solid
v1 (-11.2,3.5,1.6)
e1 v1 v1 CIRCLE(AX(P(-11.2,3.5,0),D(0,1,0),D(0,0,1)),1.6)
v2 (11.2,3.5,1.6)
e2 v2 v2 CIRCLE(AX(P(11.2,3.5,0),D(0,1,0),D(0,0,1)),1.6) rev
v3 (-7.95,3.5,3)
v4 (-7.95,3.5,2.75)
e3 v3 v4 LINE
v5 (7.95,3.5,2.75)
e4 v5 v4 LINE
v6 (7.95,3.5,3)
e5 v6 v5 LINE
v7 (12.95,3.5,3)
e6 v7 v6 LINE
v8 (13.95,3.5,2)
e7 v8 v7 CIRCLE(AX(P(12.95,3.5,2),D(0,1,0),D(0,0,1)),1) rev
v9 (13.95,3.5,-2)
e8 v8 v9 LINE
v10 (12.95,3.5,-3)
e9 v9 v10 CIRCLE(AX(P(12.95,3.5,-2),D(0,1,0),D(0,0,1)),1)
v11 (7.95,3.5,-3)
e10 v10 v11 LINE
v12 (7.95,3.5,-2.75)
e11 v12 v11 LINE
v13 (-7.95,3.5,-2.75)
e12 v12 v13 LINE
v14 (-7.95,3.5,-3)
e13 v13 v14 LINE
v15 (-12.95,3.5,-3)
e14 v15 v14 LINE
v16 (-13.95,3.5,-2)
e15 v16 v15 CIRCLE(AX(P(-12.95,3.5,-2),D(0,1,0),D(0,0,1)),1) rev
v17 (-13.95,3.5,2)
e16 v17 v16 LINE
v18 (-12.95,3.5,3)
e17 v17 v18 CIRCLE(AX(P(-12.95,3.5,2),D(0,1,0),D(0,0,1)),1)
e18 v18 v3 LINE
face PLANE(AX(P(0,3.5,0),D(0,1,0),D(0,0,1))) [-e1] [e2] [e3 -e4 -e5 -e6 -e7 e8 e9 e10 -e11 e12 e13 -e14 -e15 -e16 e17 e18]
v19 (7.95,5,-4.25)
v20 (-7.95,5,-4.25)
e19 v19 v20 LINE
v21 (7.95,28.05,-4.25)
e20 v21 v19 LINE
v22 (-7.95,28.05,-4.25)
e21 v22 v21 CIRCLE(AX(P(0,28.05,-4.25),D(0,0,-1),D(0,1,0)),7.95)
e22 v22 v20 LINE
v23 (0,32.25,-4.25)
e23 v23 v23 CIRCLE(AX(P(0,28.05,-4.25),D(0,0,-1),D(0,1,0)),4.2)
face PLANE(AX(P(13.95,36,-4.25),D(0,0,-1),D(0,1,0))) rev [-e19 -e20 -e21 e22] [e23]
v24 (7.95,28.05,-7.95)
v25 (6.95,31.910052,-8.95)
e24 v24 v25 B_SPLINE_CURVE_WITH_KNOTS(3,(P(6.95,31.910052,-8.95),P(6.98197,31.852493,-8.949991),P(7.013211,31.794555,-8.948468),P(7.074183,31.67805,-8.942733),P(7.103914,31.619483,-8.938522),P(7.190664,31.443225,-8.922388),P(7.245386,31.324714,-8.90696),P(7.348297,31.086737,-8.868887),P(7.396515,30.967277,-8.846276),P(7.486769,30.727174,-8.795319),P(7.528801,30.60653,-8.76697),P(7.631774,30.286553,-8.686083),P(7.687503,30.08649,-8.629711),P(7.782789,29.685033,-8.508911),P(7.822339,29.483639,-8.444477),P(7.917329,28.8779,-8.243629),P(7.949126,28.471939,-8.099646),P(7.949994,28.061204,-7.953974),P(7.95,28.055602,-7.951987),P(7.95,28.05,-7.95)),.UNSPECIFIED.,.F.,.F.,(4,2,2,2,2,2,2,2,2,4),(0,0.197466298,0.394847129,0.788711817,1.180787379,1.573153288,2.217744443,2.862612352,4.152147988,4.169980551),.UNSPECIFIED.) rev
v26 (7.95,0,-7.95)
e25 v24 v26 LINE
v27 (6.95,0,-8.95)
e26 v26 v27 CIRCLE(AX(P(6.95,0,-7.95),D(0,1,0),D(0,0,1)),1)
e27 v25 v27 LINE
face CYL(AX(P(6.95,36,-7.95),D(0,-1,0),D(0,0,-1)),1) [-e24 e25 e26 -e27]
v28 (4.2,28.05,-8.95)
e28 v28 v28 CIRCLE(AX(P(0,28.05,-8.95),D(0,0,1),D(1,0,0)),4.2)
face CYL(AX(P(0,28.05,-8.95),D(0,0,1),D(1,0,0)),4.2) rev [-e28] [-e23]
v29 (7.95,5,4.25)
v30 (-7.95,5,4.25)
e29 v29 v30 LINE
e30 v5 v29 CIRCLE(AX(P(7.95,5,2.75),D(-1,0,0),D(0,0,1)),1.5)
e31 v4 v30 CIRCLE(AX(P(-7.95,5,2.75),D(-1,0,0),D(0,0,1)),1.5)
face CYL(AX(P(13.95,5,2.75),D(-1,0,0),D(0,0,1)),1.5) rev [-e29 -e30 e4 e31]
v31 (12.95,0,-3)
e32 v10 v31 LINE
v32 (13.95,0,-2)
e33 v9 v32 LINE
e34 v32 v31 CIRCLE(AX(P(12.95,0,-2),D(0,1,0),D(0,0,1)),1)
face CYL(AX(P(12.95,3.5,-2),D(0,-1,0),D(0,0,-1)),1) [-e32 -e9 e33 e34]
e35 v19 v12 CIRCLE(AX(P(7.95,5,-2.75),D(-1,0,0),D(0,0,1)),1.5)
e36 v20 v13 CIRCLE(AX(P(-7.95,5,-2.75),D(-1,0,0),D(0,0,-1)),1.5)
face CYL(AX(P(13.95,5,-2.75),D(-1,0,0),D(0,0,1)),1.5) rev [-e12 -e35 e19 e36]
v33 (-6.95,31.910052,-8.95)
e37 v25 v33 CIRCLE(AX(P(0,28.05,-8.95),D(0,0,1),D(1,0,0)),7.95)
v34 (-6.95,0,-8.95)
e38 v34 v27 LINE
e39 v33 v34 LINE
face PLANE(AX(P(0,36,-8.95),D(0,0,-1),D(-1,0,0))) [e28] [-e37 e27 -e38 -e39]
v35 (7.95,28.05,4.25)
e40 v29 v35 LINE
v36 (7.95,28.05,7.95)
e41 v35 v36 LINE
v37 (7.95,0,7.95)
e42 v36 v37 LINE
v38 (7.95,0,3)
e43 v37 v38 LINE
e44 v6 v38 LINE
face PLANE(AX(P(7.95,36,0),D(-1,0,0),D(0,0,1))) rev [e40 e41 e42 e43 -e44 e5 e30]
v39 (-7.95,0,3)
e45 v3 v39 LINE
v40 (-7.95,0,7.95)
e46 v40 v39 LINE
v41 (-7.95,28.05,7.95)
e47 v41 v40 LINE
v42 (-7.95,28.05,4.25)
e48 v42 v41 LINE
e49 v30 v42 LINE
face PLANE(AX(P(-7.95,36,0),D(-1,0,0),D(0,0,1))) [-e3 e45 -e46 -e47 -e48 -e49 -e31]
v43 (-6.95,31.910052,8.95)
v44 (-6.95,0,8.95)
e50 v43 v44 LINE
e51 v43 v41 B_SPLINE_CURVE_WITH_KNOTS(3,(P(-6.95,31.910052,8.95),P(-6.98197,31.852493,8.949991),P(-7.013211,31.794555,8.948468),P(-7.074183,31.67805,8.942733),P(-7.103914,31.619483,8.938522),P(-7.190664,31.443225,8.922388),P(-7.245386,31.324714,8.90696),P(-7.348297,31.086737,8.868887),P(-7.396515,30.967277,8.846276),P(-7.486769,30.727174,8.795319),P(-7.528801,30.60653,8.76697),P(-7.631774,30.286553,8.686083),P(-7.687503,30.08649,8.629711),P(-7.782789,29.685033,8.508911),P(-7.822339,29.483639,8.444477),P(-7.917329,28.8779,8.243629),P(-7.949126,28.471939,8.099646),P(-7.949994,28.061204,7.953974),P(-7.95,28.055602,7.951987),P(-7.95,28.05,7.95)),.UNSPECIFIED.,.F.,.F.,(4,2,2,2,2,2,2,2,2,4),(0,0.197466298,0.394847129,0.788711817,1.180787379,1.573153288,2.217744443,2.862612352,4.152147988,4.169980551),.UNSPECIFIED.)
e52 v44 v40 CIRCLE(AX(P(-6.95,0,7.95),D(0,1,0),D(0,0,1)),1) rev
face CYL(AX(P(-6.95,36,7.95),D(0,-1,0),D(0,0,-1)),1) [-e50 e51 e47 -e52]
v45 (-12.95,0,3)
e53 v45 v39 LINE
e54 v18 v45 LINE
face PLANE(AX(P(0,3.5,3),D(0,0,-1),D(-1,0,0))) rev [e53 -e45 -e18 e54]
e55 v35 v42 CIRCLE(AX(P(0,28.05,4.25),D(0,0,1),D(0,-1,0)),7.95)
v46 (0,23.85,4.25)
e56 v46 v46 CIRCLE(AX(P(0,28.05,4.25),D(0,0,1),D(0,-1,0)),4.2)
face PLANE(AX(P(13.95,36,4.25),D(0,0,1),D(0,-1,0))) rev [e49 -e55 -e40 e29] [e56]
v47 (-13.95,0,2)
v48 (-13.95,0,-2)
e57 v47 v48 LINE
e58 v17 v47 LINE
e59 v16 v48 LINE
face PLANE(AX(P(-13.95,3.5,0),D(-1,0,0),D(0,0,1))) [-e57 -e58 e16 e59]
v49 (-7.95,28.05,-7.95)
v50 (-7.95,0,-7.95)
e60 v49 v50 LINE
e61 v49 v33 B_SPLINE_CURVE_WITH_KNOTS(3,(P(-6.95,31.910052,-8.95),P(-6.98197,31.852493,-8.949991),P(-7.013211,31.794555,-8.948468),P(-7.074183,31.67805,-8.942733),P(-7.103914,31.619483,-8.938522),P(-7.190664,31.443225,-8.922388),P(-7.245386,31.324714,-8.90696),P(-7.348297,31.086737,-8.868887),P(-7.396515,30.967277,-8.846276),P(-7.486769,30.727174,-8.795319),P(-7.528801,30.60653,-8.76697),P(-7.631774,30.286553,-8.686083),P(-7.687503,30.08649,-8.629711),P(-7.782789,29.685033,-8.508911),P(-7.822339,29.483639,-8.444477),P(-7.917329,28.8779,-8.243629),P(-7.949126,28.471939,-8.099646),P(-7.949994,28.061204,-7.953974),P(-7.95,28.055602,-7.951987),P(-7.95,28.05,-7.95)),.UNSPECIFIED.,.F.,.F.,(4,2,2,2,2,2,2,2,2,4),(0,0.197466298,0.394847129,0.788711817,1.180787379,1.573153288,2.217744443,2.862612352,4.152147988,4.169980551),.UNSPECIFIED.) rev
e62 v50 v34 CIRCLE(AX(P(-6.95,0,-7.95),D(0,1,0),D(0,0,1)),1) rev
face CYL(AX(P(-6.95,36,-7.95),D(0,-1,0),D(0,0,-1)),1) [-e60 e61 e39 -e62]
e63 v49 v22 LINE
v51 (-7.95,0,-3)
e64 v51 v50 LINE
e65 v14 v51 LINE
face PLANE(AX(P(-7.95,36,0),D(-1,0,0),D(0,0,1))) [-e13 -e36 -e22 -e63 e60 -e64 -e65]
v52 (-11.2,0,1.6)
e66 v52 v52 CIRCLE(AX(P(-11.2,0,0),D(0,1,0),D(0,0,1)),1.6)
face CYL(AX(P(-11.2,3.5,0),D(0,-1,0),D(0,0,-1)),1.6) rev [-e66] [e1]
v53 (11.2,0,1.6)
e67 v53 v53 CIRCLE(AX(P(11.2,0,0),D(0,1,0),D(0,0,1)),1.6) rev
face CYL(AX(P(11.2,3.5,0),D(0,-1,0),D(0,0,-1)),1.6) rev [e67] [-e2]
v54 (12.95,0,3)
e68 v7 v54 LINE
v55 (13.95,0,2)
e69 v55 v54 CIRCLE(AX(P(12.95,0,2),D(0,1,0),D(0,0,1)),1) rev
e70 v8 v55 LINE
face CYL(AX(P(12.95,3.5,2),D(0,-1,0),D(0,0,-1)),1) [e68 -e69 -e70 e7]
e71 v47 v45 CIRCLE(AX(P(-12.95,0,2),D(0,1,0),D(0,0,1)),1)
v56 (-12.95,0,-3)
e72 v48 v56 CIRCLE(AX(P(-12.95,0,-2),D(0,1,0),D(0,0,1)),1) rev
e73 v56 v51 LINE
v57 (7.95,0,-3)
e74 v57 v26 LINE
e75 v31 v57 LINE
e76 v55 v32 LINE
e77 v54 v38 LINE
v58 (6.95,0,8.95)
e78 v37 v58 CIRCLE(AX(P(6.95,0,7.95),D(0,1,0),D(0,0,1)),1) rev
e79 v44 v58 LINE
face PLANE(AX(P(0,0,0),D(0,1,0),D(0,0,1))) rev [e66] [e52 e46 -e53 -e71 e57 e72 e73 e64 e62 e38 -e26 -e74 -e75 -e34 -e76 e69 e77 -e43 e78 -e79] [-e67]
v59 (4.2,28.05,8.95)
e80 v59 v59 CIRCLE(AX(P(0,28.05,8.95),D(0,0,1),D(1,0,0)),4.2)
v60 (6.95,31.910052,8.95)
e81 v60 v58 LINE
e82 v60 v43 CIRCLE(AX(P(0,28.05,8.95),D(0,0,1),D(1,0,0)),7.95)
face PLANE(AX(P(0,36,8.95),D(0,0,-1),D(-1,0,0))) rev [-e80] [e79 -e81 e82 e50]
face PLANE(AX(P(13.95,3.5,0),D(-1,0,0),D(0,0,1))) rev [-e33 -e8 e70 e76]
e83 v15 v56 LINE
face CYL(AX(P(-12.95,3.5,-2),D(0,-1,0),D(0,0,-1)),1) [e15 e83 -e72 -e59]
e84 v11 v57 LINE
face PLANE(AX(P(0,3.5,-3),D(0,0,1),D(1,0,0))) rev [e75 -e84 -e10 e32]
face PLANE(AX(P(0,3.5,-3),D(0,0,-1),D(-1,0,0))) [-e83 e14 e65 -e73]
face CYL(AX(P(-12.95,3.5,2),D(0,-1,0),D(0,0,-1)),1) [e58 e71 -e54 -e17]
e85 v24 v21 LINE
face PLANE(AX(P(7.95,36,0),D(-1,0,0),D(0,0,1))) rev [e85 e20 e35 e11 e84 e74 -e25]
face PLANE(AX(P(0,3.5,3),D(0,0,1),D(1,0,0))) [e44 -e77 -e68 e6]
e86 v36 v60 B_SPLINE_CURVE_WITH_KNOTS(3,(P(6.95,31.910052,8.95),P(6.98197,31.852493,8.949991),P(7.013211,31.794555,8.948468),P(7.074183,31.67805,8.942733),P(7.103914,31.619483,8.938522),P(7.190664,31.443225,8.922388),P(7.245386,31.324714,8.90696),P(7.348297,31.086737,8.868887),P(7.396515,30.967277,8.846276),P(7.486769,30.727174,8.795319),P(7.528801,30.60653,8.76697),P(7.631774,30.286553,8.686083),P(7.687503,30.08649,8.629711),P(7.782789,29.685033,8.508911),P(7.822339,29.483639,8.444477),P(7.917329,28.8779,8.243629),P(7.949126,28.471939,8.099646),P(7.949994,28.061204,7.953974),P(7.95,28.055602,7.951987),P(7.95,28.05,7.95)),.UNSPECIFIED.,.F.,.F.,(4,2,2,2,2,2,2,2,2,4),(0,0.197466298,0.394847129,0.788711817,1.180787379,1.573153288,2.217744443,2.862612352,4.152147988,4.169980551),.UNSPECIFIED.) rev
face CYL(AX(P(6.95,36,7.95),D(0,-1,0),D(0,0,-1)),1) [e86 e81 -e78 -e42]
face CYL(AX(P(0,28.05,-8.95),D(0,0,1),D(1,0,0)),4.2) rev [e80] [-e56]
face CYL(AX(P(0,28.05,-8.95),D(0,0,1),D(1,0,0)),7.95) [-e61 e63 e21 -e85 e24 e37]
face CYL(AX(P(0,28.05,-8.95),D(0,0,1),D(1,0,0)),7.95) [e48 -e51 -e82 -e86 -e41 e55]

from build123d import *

# Parameters (mm, degrees)
HOLES1_R           = 1.6
HOLES_DEPTH        = 3.5
HOLES_2_DEPTH      = 3.5
BOSS_EXTRUDE_DEPTH = 36
CUT_EXTRUDE1_DEPTH = 44.077981615
HOLE2_R            = 4.2
CUT_EXTRUDE2_DEPTH = 43.555992527


with BuildPart() as part:
    # Holes1 → Holes (new body)
    with BuildSketch(Plane(origin=(0, 0, 0), x_dir=(1, 0, 0), z_dir=(0, 1, 0))):
        with BuildLine():
            Line((-12.95, -3), (-7.95, -3))
            Line((-7.95, -3), (-7.95, 3))
            Line((-7.95, 3), (-12.95, 3))
            ThreePointArc((-12.95, 3), (-13.657106781, 2.707106781), (-13.95, 2))
            Line((-13.95, 2), (-13.95, -2))
            ThreePointArc((-13.95, -2), (-13.657106781, -2.707106781), (-12.95, -3))
        make_face()
        with Locations((-11.2, 0)):
            Circle(HOLES1_R, mode=Mode.SUBTRACT)
    extrude(amount=HOLES_DEPTH)



with BuildPart() as body_2:
    # Holes1 → Holes 2 (new body)
    with BuildSketch(Plane(origin=(0, 0, 0), x_dir=(1, 0, 0), z_dir=(0, 1, 0))):
        with BuildLine():
            Line((7.95, 3), (7.95, -3))
            Line((7.95, -3), (12.95, -3))
            ThreePointArc((12.95, -3), (13.657106781, -2.707106781), (13.95, -2))
            Line((13.95, -2), (13.95, 2))
            ThreePointArc((13.95, 2), (13.657106781, 2.707106781), (12.95, 3))
            Line((12.95, 3), (7.95, 3))
        make_face()
        with Locations((11.2, 0)):
            Circle(HOLES1_R, mode=Mode.SUBTRACT)
    extrude(amount=HOLES_2_DEPTH)


with BuildPart() as part_1:
    add(part.part)

    add(body_2.part)  # Boss-Extrude merges body 2
    # Sketch<3> → Boss-Extrude (add)
    with BuildSketch(Plane(origin=(0, 0, 0), x_dir=(1, 0, 0), z_dir=(0, 1, 0))):
        with BuildLine():
            Line((6.95, 8.95), (-6.95, 8.95))
            ThreePointArc((-6.95, 8.95), (-7.657106781, 8.657106781), (-7.95, 7.95))
            Line((-7.95, 7.95), (-7.95, -7.95))
            ThreePointArc((-7.95, -7.95), (-7.657106781, -8.657106781), (-6.95, -8.95))
            Line((-6.95, -8.95), (6.95, -8.95))
            ThreePointArc((6.95, -8.95), (7.657106781, -8.657106781), (7.95, -7.95))
            Line((7.95, -7.95), (7.95, 7.95))
            ThreePointArc((7.95, 7.95), (7.657106781, 8.657106781), (6.95, 8.95))
        make_face()
    extrude(amount=BOSS_EXTRUDE_DEPTH)

    # CUT → Cut-Extrude1 (cut, through all)
    with BuildSketch(Plane.ZY.offset(7.95)):
        with BuildLine():
            Line((-4.25, 36), (4.25, 36))
            Line((4.25, 36), (4.25, 5))
            ThreePointArc((4.25, 5), (3.810660172, 3.939339828), (2.75, 3.5))
            Line((2.75, 3.5), (-2.75, 3.5))
            ThreePointArc((-2.75, 3.5), (-3.810660172, 3.939339828), (-4.25, 5))
            Line((-4.25, 5), (-4.25, 36))
        make_face()
    extrude(amount=-CUT_EXTRUDE1_DEPTH, mode=Mode.SUBTRACT)

    # Hole2 → Cut-Extrude2 (cut, through all)
    with BuildSketch(Plane.XY.offset(8.95)):
        with BuildLine():
            Line((-7.95, 36), (-7.95, 28.05))
            ThreePointArc((-7.95, 28.05), (-5.62149891, 33.67149891), (0, 36))
            Line((0, 36), (-7.95, 36))
        make_face()
        with BuildLine():
            ThreePointArc((0, 36), (5.62149891, 33.67149891), (7.95, 28.05))
            Line((7.95, 28.05), (7.95, 36))
            Line((7.95, 36), (0, 36))
        make_face()
        with Locations((0, 28.05)):
            Circle(HOLE2_R)
    extrude(amount=-CUT_EXTRUDE2_DEPTH, mode=Mode.SUBTRACT)


solid = part_1.part
